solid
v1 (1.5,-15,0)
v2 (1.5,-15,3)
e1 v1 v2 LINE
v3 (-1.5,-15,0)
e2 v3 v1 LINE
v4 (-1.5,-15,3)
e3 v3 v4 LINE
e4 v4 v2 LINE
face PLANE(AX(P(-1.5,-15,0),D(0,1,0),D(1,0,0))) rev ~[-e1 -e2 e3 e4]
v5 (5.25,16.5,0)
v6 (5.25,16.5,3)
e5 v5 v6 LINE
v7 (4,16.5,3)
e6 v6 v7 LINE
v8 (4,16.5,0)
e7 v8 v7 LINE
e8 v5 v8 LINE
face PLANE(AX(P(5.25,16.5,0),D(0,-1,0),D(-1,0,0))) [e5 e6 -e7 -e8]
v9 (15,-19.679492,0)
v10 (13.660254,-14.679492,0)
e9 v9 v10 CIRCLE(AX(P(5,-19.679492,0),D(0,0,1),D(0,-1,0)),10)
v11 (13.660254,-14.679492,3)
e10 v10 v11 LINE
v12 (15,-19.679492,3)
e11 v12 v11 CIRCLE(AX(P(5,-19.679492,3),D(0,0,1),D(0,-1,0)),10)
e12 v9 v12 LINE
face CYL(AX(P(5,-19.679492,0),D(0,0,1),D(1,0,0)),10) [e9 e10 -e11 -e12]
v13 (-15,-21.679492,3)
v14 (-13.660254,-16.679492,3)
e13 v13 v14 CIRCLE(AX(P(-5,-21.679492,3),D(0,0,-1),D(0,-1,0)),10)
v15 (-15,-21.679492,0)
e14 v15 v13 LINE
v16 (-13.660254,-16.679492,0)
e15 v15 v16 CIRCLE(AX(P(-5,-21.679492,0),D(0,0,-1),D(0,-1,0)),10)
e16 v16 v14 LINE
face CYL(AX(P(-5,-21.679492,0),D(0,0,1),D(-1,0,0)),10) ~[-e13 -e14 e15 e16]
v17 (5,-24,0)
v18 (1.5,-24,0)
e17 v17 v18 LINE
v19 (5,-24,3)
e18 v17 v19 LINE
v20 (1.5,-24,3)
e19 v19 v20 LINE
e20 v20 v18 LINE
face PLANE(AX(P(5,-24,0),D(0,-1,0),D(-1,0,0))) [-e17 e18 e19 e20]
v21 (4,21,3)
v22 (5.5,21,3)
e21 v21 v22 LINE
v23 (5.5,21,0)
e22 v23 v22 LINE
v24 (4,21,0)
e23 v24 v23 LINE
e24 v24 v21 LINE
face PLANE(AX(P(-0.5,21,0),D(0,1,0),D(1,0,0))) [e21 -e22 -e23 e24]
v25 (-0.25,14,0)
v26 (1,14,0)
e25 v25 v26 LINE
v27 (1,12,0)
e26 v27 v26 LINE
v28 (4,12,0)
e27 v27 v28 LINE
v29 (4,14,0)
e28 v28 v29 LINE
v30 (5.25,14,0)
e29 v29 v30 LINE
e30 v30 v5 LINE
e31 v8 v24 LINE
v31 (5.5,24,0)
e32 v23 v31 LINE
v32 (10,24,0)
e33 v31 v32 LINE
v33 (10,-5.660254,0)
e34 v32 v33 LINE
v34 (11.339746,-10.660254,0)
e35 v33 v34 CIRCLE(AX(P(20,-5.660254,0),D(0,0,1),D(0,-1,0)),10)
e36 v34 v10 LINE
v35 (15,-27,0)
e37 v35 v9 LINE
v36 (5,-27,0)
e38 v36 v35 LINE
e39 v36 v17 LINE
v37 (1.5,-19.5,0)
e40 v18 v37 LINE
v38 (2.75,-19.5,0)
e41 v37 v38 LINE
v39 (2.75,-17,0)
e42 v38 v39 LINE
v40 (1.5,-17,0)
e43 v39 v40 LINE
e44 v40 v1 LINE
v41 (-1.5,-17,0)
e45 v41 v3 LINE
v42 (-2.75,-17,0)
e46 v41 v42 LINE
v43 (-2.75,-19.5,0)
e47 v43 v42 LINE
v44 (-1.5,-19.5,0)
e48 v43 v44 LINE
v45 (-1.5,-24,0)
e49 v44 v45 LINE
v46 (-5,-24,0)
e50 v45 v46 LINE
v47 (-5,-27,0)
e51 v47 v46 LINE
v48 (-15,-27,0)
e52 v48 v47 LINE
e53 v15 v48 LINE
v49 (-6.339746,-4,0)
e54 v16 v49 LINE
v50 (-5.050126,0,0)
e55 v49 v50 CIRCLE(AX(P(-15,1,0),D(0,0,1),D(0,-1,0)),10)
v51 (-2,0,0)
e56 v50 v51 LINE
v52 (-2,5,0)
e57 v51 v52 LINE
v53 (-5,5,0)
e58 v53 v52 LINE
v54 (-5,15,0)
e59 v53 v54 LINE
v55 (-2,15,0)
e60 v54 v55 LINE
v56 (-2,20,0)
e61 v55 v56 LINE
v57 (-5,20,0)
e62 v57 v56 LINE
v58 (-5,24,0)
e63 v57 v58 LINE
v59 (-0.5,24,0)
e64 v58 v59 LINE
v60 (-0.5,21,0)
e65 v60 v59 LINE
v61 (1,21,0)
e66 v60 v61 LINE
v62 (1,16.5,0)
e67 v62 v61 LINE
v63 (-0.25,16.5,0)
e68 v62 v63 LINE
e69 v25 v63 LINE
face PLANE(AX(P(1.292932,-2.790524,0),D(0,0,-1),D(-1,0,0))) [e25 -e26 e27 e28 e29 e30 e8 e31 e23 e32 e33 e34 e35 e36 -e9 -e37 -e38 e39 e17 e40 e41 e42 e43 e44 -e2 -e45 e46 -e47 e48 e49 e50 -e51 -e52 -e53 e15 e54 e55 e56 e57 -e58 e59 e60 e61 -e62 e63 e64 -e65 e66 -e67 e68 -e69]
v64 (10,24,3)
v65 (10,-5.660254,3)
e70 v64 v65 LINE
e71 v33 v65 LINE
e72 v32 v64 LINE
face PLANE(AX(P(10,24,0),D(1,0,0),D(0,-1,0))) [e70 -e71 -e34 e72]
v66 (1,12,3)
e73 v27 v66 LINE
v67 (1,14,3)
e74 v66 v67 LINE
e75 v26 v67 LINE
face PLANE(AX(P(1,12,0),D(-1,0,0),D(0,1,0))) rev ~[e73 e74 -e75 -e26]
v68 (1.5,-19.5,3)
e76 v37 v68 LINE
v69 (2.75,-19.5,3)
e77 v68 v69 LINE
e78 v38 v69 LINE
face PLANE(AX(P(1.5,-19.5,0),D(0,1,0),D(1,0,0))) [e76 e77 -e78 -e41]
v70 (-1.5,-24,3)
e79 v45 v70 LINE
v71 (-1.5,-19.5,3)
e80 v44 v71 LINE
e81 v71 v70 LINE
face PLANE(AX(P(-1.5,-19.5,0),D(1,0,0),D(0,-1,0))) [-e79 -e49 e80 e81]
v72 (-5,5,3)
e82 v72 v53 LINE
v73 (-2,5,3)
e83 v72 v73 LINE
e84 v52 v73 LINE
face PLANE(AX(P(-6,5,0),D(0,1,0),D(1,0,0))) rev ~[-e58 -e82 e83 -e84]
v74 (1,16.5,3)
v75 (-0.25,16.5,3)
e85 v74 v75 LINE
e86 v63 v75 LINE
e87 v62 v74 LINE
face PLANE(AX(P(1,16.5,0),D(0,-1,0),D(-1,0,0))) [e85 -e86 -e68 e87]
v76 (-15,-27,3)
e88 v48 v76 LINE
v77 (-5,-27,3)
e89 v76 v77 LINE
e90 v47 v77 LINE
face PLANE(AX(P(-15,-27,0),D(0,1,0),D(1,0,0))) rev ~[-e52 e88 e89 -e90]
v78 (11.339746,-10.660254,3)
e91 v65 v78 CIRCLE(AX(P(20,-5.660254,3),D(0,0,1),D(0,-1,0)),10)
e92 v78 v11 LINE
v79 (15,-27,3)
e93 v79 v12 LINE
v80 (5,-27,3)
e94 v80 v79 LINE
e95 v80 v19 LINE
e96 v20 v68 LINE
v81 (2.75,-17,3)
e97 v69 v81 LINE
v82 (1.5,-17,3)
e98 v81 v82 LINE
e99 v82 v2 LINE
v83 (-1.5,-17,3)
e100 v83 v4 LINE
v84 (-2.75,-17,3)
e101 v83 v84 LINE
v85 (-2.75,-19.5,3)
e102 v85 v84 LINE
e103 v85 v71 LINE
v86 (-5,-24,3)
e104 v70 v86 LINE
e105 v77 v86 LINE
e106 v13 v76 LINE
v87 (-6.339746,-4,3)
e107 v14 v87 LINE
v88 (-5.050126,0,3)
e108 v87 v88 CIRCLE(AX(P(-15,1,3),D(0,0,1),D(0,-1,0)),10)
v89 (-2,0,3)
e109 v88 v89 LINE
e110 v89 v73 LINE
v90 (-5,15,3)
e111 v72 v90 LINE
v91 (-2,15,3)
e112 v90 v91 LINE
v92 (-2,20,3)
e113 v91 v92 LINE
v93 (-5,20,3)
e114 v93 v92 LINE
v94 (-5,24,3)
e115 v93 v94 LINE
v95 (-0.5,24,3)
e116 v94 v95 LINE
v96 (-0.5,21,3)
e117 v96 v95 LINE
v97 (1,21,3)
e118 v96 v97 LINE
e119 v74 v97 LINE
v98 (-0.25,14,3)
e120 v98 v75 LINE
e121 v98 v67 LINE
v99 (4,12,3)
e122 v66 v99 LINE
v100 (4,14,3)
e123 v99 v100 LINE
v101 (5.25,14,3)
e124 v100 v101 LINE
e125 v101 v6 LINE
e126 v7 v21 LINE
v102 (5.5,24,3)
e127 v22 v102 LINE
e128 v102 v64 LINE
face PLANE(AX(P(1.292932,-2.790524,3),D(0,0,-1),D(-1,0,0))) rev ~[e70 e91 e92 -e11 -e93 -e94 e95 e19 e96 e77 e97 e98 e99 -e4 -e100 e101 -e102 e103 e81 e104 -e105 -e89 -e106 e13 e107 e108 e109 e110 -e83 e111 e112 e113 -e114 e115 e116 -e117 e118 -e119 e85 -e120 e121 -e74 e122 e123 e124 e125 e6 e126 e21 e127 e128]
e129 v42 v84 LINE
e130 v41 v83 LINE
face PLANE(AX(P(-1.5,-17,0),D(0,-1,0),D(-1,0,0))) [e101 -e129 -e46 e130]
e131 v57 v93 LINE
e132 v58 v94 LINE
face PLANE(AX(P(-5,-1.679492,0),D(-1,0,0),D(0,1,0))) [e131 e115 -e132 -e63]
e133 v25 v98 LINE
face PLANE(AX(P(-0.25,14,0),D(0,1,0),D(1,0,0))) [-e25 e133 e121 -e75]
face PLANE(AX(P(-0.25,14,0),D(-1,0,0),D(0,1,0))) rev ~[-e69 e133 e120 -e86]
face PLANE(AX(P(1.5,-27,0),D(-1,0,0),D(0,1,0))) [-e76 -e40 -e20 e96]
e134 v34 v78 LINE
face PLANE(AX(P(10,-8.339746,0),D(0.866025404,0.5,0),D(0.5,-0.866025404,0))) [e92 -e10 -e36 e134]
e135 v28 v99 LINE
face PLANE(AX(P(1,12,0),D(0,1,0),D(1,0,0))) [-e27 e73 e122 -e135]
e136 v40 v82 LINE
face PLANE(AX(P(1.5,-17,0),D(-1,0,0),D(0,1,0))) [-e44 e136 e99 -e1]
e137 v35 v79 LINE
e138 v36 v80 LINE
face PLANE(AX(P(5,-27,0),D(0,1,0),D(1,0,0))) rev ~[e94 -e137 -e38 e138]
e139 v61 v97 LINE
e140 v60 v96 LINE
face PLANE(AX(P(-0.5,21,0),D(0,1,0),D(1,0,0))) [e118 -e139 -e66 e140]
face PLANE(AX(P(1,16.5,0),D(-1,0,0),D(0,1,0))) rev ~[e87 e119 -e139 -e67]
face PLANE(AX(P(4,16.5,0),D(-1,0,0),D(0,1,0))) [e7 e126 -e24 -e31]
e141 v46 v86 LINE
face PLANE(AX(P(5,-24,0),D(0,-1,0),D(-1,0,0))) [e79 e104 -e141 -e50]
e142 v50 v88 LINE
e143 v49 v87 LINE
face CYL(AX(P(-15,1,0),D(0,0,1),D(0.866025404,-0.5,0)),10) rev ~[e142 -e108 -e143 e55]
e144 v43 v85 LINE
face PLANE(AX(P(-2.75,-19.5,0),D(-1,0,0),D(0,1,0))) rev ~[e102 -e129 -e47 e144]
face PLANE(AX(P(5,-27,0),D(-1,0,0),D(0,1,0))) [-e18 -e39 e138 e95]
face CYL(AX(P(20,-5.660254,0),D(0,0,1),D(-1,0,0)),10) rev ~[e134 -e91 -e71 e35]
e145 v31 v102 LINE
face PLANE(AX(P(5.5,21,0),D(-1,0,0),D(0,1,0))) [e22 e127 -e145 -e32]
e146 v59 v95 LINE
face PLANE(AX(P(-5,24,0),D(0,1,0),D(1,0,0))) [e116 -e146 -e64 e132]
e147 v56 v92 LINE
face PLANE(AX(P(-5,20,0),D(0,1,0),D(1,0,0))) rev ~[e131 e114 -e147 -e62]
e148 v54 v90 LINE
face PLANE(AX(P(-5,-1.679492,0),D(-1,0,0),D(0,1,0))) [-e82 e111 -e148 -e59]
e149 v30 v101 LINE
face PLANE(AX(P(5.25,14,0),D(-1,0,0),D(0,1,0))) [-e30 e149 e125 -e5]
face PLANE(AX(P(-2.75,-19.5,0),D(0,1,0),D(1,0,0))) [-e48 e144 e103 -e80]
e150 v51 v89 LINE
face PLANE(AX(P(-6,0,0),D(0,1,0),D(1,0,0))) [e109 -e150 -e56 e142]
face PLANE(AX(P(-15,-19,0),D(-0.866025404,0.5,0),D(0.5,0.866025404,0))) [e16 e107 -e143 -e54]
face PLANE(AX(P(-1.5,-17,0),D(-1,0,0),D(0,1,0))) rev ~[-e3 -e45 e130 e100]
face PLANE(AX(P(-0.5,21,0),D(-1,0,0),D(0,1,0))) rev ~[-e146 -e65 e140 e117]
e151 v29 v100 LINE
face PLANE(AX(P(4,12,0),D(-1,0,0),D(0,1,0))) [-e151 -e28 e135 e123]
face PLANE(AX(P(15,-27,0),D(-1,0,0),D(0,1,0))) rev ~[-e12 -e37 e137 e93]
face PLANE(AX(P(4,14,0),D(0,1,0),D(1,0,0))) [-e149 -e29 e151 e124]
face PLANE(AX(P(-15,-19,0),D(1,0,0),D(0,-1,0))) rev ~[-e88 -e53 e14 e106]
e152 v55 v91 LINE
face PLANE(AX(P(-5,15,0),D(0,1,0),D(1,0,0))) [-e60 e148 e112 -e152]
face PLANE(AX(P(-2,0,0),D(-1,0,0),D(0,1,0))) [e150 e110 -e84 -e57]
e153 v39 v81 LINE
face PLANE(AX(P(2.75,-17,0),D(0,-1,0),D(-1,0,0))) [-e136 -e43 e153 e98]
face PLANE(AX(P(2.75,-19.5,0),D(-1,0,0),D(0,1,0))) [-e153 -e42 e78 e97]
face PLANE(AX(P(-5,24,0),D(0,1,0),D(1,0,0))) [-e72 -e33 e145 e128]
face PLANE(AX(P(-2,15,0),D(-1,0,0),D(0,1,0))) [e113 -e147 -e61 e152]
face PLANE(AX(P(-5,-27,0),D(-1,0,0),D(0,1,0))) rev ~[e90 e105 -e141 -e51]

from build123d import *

# Parameters (mm, degrees)
CROQUIS1_W              = 10
CROQUIS1_H              = 3
SALIENTE_EXTRUIR1_DEPTH = 3
REDONDEO1_R             = 10
CROQUIS2_W              = 6
CROQUIS2_H              = 3
CORTAR_EXTRUIR1_DEPTH   = 3
CROQUIS3_W              = 1.25
CROQUIS3_H              = 2.5
CROQUIS3_W_2            = 3
CROQUIS3_H_2            = 7.5
CROQUIS3_H_3            = 2
CORTAR_EXTRUIR2_DEPTH   = 32.032241298
CROQUIS4_W              = 3
CROQUIS4_H              = 5
CROQUIS4_W_2            = 4
CORTAR_EXTRUIR3_DEPTH   = 32.032241298
CROQUIS5_W              = 3
CROQUIS5_H              = 7.5
CROQUIS5_H_2            = 2.5
CROQUIS5_W_2            = 1.25
CROQUIS5_H_3            = 2
CORTAR_EXTRUIR4_DEPTH   = 32.032241298


with BuildPart() as part:
    # Croquis1 → Saliente-Extruir1 (new body)
    with BuildSketch(Plane.XY):
        Polygon((15, -17), (15, -24), (-15, -24), (-15, -19), (-5, -1.679491924), (-5, 24), (10, 24), (10, -8.339745962), align=None)
        with Locations((-10, -25.5)):
            Rectangle(CROQUIS1_W, CROQUIS1_H)
        with Locations((10, -25.5)):
            Rectangle(CROQUIS1_W, CROQUIS1_H)
    extrude(amount=SALIENTE_EXTRUIR1_DEPTH)

    # Redondeo1
    redondeo1_edges = [part.edges().sort_by_distance(p)[0] for p in [
        (-15, -19, 1.5),
        (-5, -1.679491924, 1.5),
        (10, -8.339745962, 1.5),
        (15, -17, 1.5),
    ]]
    fillet(redondeo1_edges, radius=REDONDEO1_R)

    # Croquis2 → Cortar-Extruir1 (cut)
    with BuildSketch(Plane.XY):
        with Locations((2.5, 22.5)):
            Rectangle(CROQUIS2_W, CROQUIS2_H)
    extrude(amount=CORTAR_EXTRUIR1_DEPTH, mode=Mode.SUBTRACT)

    # Croquis3 → Cortar-Extruir2 (cut, through all)
    with BuildSketch(Plane.XY):
        with Locations((0.375, 15.25)):
            Rectangle(CROQUIS3_W, CROQUIS3_H)
        with Locations((2.5, 15.25)):
            Rectangle(CROQUIS3_W_2, CROQUIS3_H)
        with Locations((4.625, 15.25)):
            Rectangle(CROQUIS3_W, CROQUIS3_H)
        with Locations((2.5, 20.25)):
            Rectangle(CROQUIS3_W_2, CROQUIS3_H_2)
        with Locations((2.5, 13)):
            Rectangle(CROQUIS3_W_2, CROQUIS3_H_3)
    extrude(amount=CORTAR_EXTRUIR2_DEPTH, mode=Mode.SUBTRACT)

    # Croquis4 → Cortar-Extruir3 (cut, through all)
    with BuildSketch(Plane.XY):
        with Locations((-3.5, 17.5)):
            Rectangle(CROQUIS4_W, CROQUIS4_H)
        with Locations((-4, 2.5)):
            Rectangle(CROQUIS4_W_2, CROQUIS4_H)
    extrude(amount=CORTAR_EXTRUIR3_DEPTH, mode=Mode.SUBTRACT)

    # Croquis5 → Cortar-Extruir4 (cut, through all)
    with BuildSketch(Plane.XY):
        with Locations((0, -23.25)):
            Rectangle(CROQUIS5_W, CROQUIS5_H)
        with Locations((0, -18.25)):
            Rectangle(CROQUIS5_W, CROQUIS5_H_2)
        with Locations((-2.125, -18.25)):
            Rectangle(CROQUIS5_W_2, CROQUIS5_H_2)
        with Locations((2.125, -18.25)):
            Rectangle(CROQUIS5_W_2, CROQUIS5_H_2)
        with Locations((0, -16)):
            Rectangle(CROQUIS5_W, CROQUIS5_H_3)
    extrude(amount=CORTAR_EXTRUIR4_DEPTH, mode=Mode.SUBTRACT)


solid = part.part
